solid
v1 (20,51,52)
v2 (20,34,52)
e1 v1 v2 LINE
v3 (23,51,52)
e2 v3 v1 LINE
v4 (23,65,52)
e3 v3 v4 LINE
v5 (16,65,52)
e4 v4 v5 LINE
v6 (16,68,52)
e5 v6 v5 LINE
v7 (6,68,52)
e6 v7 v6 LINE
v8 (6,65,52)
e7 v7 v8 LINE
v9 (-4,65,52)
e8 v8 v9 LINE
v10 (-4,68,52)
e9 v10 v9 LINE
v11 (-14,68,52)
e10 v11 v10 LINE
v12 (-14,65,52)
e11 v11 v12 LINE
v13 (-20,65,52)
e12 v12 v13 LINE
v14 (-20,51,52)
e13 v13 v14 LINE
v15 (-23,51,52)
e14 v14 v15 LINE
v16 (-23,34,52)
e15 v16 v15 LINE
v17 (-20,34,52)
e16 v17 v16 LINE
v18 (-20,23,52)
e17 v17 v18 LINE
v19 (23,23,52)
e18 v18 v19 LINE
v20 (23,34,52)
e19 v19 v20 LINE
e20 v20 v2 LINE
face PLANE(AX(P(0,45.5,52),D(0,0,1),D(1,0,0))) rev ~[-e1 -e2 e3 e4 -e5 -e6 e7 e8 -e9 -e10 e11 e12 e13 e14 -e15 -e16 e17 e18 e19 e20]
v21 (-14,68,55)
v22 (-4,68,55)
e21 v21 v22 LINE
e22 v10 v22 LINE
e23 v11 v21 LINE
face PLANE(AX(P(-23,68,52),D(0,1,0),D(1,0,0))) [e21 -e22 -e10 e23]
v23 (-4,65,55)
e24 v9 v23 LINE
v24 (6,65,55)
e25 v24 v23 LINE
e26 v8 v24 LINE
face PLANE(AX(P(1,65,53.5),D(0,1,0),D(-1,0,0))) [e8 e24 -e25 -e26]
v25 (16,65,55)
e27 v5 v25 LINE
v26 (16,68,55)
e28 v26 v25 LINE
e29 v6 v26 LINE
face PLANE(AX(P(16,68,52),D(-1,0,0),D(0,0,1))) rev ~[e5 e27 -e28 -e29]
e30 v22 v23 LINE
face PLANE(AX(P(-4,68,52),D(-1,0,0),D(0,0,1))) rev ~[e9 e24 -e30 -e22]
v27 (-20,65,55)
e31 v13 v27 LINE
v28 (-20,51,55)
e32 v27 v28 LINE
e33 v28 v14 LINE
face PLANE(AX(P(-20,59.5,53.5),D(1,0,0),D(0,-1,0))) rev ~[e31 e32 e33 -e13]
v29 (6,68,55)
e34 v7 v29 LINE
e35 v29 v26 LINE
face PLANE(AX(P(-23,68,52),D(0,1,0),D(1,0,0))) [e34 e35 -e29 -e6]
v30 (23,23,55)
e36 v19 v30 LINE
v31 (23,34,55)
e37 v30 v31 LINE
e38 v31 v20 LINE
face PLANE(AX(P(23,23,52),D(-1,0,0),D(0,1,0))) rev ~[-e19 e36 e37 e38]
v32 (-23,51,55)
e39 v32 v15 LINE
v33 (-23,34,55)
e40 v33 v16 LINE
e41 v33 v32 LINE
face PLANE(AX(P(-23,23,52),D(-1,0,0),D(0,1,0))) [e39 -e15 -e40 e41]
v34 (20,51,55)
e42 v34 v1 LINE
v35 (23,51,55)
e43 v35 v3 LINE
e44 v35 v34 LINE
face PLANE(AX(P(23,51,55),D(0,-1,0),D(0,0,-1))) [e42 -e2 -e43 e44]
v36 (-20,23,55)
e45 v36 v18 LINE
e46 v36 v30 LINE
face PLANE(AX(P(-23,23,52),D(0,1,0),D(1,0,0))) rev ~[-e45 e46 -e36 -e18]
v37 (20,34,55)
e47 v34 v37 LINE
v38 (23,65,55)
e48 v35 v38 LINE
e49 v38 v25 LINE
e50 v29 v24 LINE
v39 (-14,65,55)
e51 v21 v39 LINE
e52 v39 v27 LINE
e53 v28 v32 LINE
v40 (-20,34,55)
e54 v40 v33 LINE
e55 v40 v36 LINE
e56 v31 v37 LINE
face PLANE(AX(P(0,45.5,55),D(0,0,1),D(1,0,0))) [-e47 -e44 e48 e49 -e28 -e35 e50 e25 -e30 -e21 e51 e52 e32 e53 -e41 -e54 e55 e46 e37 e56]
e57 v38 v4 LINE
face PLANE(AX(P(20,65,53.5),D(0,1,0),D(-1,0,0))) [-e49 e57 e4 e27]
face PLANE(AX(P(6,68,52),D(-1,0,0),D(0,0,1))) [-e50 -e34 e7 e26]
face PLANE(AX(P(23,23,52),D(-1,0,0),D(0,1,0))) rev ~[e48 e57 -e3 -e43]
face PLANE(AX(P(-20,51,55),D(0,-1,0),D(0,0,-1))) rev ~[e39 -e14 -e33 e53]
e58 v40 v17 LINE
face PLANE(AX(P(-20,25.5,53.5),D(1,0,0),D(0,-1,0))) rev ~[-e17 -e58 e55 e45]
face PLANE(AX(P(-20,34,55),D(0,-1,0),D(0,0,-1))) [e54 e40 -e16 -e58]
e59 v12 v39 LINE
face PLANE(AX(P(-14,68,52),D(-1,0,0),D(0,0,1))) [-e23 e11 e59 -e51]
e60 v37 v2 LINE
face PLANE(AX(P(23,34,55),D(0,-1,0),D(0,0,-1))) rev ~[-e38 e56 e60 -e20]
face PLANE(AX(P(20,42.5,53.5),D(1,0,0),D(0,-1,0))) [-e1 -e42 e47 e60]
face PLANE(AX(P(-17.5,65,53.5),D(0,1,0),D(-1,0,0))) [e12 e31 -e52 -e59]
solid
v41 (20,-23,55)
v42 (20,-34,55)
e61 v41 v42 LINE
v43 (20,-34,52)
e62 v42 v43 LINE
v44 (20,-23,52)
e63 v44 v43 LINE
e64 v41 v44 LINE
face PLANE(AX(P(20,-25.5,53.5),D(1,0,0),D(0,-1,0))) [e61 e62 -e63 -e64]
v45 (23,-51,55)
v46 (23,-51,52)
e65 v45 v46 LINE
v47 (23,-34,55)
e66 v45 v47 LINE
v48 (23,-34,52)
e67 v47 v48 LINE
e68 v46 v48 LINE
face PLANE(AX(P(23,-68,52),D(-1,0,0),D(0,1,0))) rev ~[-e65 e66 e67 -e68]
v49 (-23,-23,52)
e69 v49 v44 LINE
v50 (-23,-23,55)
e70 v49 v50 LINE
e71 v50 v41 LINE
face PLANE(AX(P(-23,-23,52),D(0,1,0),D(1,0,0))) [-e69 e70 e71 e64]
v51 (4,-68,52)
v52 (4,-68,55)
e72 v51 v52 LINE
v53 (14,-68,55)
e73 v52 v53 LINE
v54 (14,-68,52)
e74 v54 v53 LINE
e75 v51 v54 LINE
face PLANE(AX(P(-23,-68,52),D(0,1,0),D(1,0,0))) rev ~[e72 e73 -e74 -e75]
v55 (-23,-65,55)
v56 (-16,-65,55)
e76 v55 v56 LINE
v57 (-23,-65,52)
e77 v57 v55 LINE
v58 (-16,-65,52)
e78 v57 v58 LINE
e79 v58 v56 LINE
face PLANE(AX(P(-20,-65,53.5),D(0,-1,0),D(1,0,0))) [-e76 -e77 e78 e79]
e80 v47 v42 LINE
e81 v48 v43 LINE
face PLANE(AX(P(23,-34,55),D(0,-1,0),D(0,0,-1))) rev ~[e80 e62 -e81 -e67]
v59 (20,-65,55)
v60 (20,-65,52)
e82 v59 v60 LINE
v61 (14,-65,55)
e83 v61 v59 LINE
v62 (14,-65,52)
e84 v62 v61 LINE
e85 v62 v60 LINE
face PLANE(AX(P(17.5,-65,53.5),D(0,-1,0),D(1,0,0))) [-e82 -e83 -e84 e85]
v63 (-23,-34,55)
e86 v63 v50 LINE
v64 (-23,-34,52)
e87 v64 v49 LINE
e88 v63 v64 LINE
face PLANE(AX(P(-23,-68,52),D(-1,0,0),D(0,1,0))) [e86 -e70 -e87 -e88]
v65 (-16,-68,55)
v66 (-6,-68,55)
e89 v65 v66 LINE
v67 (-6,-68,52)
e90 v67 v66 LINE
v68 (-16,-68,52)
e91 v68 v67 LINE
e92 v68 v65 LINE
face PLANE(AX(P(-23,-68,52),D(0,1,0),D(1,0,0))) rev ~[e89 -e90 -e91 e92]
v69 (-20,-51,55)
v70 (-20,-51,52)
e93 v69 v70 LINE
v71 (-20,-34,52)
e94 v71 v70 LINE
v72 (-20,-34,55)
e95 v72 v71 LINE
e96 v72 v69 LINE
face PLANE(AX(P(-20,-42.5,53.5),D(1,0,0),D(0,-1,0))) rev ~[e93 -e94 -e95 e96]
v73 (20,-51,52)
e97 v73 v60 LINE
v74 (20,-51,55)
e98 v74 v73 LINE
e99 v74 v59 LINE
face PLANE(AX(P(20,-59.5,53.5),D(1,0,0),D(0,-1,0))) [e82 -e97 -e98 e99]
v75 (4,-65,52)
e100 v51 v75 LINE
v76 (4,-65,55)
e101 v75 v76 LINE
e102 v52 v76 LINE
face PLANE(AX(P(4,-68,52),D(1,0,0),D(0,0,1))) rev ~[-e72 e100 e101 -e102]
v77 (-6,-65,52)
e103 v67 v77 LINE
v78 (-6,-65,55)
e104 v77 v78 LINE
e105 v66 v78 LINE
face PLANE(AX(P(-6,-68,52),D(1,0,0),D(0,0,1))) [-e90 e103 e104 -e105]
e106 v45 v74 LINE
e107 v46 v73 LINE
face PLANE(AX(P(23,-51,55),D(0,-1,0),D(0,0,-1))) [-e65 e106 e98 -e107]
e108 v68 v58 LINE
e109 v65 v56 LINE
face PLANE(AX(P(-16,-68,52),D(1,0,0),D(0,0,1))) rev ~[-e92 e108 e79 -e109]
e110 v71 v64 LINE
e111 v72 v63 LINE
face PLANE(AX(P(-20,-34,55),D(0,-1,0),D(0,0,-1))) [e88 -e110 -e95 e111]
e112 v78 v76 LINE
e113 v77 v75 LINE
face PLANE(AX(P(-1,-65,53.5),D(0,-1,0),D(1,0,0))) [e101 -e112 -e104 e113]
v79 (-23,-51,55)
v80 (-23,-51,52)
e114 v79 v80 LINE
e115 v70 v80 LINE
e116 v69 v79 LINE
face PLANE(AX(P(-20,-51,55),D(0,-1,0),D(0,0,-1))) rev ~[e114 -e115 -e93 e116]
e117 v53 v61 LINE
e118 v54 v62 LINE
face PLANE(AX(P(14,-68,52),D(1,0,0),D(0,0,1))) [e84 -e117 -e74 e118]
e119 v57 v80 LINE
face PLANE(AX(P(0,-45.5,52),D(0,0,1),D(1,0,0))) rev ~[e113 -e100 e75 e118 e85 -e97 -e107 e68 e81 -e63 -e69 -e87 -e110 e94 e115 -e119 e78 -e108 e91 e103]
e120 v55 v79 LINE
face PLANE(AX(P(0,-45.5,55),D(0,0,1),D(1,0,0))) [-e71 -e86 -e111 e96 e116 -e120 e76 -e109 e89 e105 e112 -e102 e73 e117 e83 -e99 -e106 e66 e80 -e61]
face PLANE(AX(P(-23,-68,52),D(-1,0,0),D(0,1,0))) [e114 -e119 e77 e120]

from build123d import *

# Parameters (mm, degrees)
RECTANGLE072_AS_DRAWN_W                 = 8
RECTANGLE072_AS_DRAWN_H                 = 3
EXTRUDE082_DEPTH                        = 3
EXTRUDE082_ONTO_RECTANGLE072_ROLL_ANGLE = 90
RECTANGLE071_AS_DRAWN_W                 = 10
RECTANGLE071_AS_DRAWN_H                 = 3
EXTRUDE081_DEPTH                        = 3
EXTRUDE081_ONTO_RECTANGLE071_ROLL_ANGLE = 90
RECTANGLE070_AS_DRAWN_W                 = 7
RECTANGLE070_AS_DRAWN_H                 = 3
EXTRUDE080_DEPTH                        = 3
EXTRUDE080_ONTO_RECTANGLE070_ROLL_ANGLE = 90
FUSION060_PLACEMENT_ANGLE               = 180
RECTANGLE065_AS_DRAWN_W                 = 8
RECTANGLE065_AS_DRAWN_H                 = 3
EXTRUDE075_DEPTH                        = 3
EXTRUDE075_ONTO_RECTANGLE065_ROLL_ANGLE = 90
RECTANGLE064_AS_DRAWN_W                 = 10
RECTANGLE064_AS_DRAWN_H                 = 3
EXTRUDE074_DEPTH                        = 3
EXTRUDE074_ONTO_RECTANGLE064_ROLL_ANGLE = 90
RECTANGLE063_AS_DRAWN_W                 = 7
RECTANGLE063_AS_DRAWN_H                 = 3
EXTRUDE073_DEPTH                        = 3
EXTRUDE073_ONTO_RECTANGLE063_ROLL_ANGLE = 90
RECTANGLE051_W                          = 17
RECTANGLE051_H                          = 3
EXTRUDE061_DEPTH                        = 3
RECTANGLE052_W                          = 17
RECTANGLE052_H                          = 3
EXTRUDE062_DEPTH                        = 3
RECTANGLE053_W                          = 17
RECTANGLE053_H                          = 3
EXTRUDE063_DEPTH                        = 3
RECTANGLE050_W                          = 17
RECTANGLE050_H                          = 3
EXTRUDE060_DEPTH                        = 3
RECTANGLE055_W                          = 17
RECTANGLE055_H                          = 3
EXTRUDE065_DEPTH                        = 3
RECTANGLE056_W                          = 17
RECTANGLE056_H                          = 3
EXTRUDE066_DEPTH                        = 3
RECTANGLE057_W                          = 17
RECTANGLE057_H                          = 3
EXTRUDE067_DEPTH                        = 3
RECTANGLE054_W                          = 17
RECTANGLE054_H                          = 3
EXTRUDE064_DEPTH                        = 3
BOX019_W                                = 46
BOX019_H                                = 45
BOX019_DEPTH                            = 3
BOX020_W                                = 46
BOX020_H                                = 45
BOX020_DEPTH                            = 3
BOX008_W                                = 46
BOX008_H                                = 45
BOX008_DEPTH                            = 3
BOX009_W                                = 46
BOX009_H                                = 45
BOX009_DEPTH                            = 3


with BuildPart() as extrude082:
    # Rectangle072 as drawn → Extrude082 (new)
    with BuildSketch(Plane.XY):
        with Locations((-4, -1.5)):
            Rectangle(RECTANGLE072_AS_DRAWN_W, RECTANGLE072_AS_DRAWN_H)
    extrude(amount=-EXTRUDE082_DEPTH)


with BuildPart() as extrude082_1:
    # Extrude082 onto Rectangle072 roll: moved
    add(extrude082.part.rotate(Axis((0, 0, 0), (1, 0, 0)), EXTRUDE082_ONTO_RECTANGLE072_ROLL_ANGLE))


with BuildPart() as extrude082_2:
    # Extrude082 onto Rectangle072 placement: moved
    add(extrude082_1.part.moved(Location((-16, -68, 55))))


with BuildPart() as extrude081:
    # Rectangle071 as drawn → Extrude081 (new)
    with BuildSketch(Plane.XY):
        with Locations((-5, -1.5)):
            Rectangle(RECTANGLE071_AS_DRAWN_W, RECTANGLE071_AS_DRAWN_H)
    extrude(amount=-EXTRUDE081_DEPTH)


with BuildPart() as extrude081_1:
    # Extrude081 onto Rectangle071 roll: moved
    add(extrude081.part.rotate(Axis((0, 0, 0), (1, 0, 0)), EXTRUDE081_ONTO_RECTANGLE071_ROLL_ANGLE))


with BuildPart() as extrude081_2:
    # Extrude081 onto Rectangle071 placement: moved
    add(extrude081_1.part.moved(Location((4, -68, 55))))


with BuildPart() as finger_joints_aa002:
    # Rectangle070 as drawn → Extrude080 (new)
    with BuildSketch(Plane.XY):
        with Locations((-3.5, -1.5)):
            Rectangle(RECTANGLE070_AS_DRAWN_W, RECTANGLE070_AS_DRAWN_H)
    extrude(amount=-EXTRUDE080_DEPTH)


with BuildPart() as finger_joints_aa002_1:
    # Extrude080 onto Rectangle070 roll: moved
    add(finger_joints_aa002.part.rotate(Axis((0, 0, 0), (1, 0, 0)), EXTRUDE080_ONTO_RECTANGLE070_ROLL_ANGLE))


with BuildPart() as finger_joints_aa002_2:
    # Extrude080 onto Rectangle070 placement: moved
    add(finger_joints_aa002_1.part.moved(Location((21, -68, 55))))

    # Fusion060: union Extrude082, Extrude081
    add(extrude082_2.part)
    add(extrude081_2.part)


with BuildPart() as finger_joints_aa002_3:
    # Fusion060 placement: moved
    add(finger_joints_aa002_2.part.rotate(Axis((0, 0, 0), (0, 0, 1)), FUSION060_PLACEMENT_ANGLE))


with BuildPart() as extrude075:
    # Rectangle065 as drawn → Extrude075 (new)
    with BuildSketch(Plane.XY):
        with Locations((-4, -1.5)):
            Rectangle(RECTANGLE065_AS_DRAWN_W, RECTANGLE065_AS_DRAWN_H)
    extrude(amount=-EXTRUDE075_DEPTH)


with BuildPart() as extrude075_1:
    # Extrude075 onto Rectangle065 roll: moved
    add(extrude075.part.rotate(Axis((0, 0, 0), (1, 0, 0)), EXTRUDE075_ONTO_RECTANGLE065_ROLL_ANGLE))


with BuildPart() as extrude075_2:
    # Extrude075 onto Rectangle065 placement: moved
    add(extrude075_1.part.moved(Location((-16, -68, 55))))


with BuildPart() as extrude074:
    # Rectangle064 as drawn → Extrude074 (new)
    with BuildSketch(Plane.XY):
        with Locations((-5, -1.5)):
            Rectangle(RECTANGLE064_AS_DRAWN_W, RECTANGLE064_AS_DRAWN_H)
    extrude(amount=-EXTRUDE074_DEPTH)


with BuildPart() as extrude074_1:
    # Extrude074 onto Rectangle064 roll: moved
    add(extrude074.part.rotate(Axis((0, 0, 0), (1, 0, 0)), EXTRUDE074_ONTO_RECTANGLE064_ROLL_ANGLE))


with BuildPart() as extrude074_2:
    # Extrude074 onto Rectangle064 placement: moved
    add(extrude074_1.part.moved(Location((4, -68, 55))))


with BuildPart() as fusion061:
    # Rectangle063 as drawn → Extrude073 (new)
    with BuildSketch(Plane.XY):
        with Locations((-3.5, -1.5)):
            Rectangle(RECTANGLE063_AS_DRAWN_W, RECTANGLE063_AS_DRAWN_H)
    extrude(amount=-EXTRUDE073_DEPTH)


with BuildPart() as fusion061_1:
    # Extrude073 onto Rectangle063 roll: moved
    add(fusion061.part.rotate(Axis((0, 0, 0), (1, 0, 0)), EXTRUDE073_ONTO_RECTANGLE063_ROLL_ANGLE))


with BuildPart() as fusion061_2:
    # Extrude073 onto Rectangle063 placement: moved
    add(fusion061_1.part.moved(Location((21, -68, 55))))

    # Fusion056: union Extrude075, Extrude074
    add(extrude075_2.part)
    add(extrude074_2.part)

    # Fusion061: union Finger joints aa002
    add(finger_joints_aa002_3.part)


with BuildPart() as extrude061:
    # Rectangle051 → Extrude061 (new body)
    with BuildSketch(Plane(origin=(24, -34, 88), x_dir=(0, -1, 0), z_dir=(1, 0, 0))):
        with Locations((-8.5, 1.5)):
            Rectangle(RECTANGLE051_W, RECTANGLE051_H)
    extrude(amount=-EXTRUDE061_DEPTH)


with BuildPart() as extrude062:
    # Rectangle052 → Extrude062 (new body)
    with BuildSketch(Plane(origin=(24, 0, 88), x_dir=(0, -1, 0), z_dir=(1, 0, 0))):
        with Locations((-8.5, 1.5)):
            Rectangle(RECTANGLE052_W, RECTANGLE052_H)
    extrude(amount=-EXTRUDE062_DEPTH)


with BuildPart() as extrude063:
    # Rectangle053 → Extrude063 (new body)
    with BuildSketch(Plane(origin=(24, 34, 88), x_dir=(0, -1, 0), z_dir=(1, 0, 0))):
        with Locations((-8.5, 1.5)):
            Rectangle(RECTANGLE053_W, RECTANGLE053_H)
    extrude(amount=-EXTRUDE063_DEPTH)


with BuildPart() as finger_joints_a_front003:
    # Rectangle050 → Extrude060 (new body)
    with BuildSketch(Plane(origin=(24, -68, 88), x_dir=(0, -1, 0), z_dir=(1, 0, 0))):
        with Locations((-8.5, 1.5)):
            Rectangle(RECTANGLE050_W, RECTANGLE050_H)
    extrude(amount=-EXTRUDE060_DEPTH)

    # Fusion049: union Extrude061, Extrude062, Extrude063
    add(extrude061.part)
    add(extrude062.part)
    add(extrude063.part)


with BuildPart() as finger_joints_a_front003_1:
    # Fusion049 placement: moved
    add(finger_joints_a_front003.part.moved(Location((-1, 0, 0))))


with BuildPart() as extrude065:
    # Rectangle055 → Extrude065 (new body)
    with BuildSketch(Plane(origin=(24, -17, 88), x_dir=(0, -1, 0), z_dir=(1, 0, 0))):
        with Locations((-8.5, 1.5)):
            Rectangle(RECTANGLE055_W, RECTANGLE055_H)
    extrude(amount=-EXTRUDE065_DEPTH)


with BuildPart() as extrude066:
    # Rectangle056 → Extrude066 (new body)
    with BuildSketch(Plane(origin=(24, 17, 88), x_dir=(0, -1, 0), z_dir=(1, 0, 0))):
        with Locations((-8.5, 1.5)):
            Rectangle(RECTANGLE056_W, RECTANGLE056_H)
    extrude(amount=-EXTRUDE066_DEPTH)


with BuildPart() as extrude067:
    # Rectangle057 → Extrude067 (new body)
    with BuildSketch(Plane(origin=(24, 51, 88), x_dir=(0, -1, 0), z_dir=(1, 0, 0))):
        with Locations((-8.5, 1.5)):
            Rectangle(RECTANGLE057_W, RECTANGLE057_H)
    extrude(amount=-EXTRUDE067_DEPTH)


with BuildPart() as finger_joints_b003:
    # Rectangle054 → Extrude064 (new body)
    with BuildSketch(Plane(origin=(24, -51, 88), x_dir=(0, -1, 0), z_dir=(1, 0, 0))):
        with Locations((-8.5, 1.5)):
            Rectangle(RECTANGLE054_W, RECTANGLE054_H)
    extrude(amount=-EXTRUDE064_DEPTH)

    # Fusion050: union Extrude065, Extrude066, Extrude067
    add(extrude065.part)
    add(extrude066.part)
    add(extrude067.part)


with BuildPart() as finger_joints_b003_1:
    # Fusion050 placement: moved
    add(finger_joints_b003.part.moved(Location((-44, 0, 0))))

    # Fusion051: union Finger joints A front003
    add(finger_joints_a_front003_1.part)


with BuildPart() as finger_joints_b003_2:
    # Fusion051 placement: moved
    add(finger_joints_b003_1.part.moved(Location((0, 0, -33))))


with BuildPart() as carraige_base_smooth_side002:
    # Box019 → Box019 (new body)
    with BuildSketch(Plane(origin=(-23, -68, 52), x_dir=(1, 0, 0), z_dir=(0, 0, 1))):
        with Locations((23, 22.5)):
            Rectangle(BOX019_W, BOX019_H)
    extrude(amount=BOX019_DEPTH)


with BuildPart() as common001:
    # Box020 → Box020 (new body)
    with BuildSketch(Plane(origin=(-23, 23, 52), x_dir=(1, 0, 0), z_dir=(0, 0, 1))):
        with Locations((23, 22.5)):
            Rectangle(BOX020_W, BOX020_H)
    extrude(amount=BOX020_DEPTH)

    # Fusion052: union Carraige base smooth side002
    add(carraige_base_smooth_side002.part)

    # Common001: intersect Finger joints B003
    add(finger_joints_b003_2.part, mode=Mode.INTERSECT)


with BuildPart() as carraige_base_smooth_side:
    # Box008 → Box008 (new body)
    with BuildSketch(Plane(origin=(-23, -68, 52), x_dir=(1, 0, 0), z_dir=(0, 0, 1))):
        with Locations((23, 22.5)):
            Rectangle(BOX008_W, BOX008_H)
    extrude(amount=BOX008_DEPTH)


with BuildPart() as carriage_base_with_all_tabs:
    # Box009 → Box009 (new body)
    with BuildSketch(Plane(origin=(-23, 23, 52), x_dir=(1, 0, 0), z_dir=(0, 0, 1))):
        with Locations((23, 22.5)):
            Rectangle(BOX009_W, BOX009_H)
    extrude(amount=BOX009_DEPTH)

    # Fusion047: union Carraige base smooth side
    add(carraige_base_smooth_side.part)

    # Cut025: cut Common001
    add(common001.part, mode=Mode.SUBTRACT)

    # Cut026: cut Fusion061
    add(fusion061_2.part, mode=Mode.SUBTRACT)


solid = carriage_base_with_all_tabs.part
